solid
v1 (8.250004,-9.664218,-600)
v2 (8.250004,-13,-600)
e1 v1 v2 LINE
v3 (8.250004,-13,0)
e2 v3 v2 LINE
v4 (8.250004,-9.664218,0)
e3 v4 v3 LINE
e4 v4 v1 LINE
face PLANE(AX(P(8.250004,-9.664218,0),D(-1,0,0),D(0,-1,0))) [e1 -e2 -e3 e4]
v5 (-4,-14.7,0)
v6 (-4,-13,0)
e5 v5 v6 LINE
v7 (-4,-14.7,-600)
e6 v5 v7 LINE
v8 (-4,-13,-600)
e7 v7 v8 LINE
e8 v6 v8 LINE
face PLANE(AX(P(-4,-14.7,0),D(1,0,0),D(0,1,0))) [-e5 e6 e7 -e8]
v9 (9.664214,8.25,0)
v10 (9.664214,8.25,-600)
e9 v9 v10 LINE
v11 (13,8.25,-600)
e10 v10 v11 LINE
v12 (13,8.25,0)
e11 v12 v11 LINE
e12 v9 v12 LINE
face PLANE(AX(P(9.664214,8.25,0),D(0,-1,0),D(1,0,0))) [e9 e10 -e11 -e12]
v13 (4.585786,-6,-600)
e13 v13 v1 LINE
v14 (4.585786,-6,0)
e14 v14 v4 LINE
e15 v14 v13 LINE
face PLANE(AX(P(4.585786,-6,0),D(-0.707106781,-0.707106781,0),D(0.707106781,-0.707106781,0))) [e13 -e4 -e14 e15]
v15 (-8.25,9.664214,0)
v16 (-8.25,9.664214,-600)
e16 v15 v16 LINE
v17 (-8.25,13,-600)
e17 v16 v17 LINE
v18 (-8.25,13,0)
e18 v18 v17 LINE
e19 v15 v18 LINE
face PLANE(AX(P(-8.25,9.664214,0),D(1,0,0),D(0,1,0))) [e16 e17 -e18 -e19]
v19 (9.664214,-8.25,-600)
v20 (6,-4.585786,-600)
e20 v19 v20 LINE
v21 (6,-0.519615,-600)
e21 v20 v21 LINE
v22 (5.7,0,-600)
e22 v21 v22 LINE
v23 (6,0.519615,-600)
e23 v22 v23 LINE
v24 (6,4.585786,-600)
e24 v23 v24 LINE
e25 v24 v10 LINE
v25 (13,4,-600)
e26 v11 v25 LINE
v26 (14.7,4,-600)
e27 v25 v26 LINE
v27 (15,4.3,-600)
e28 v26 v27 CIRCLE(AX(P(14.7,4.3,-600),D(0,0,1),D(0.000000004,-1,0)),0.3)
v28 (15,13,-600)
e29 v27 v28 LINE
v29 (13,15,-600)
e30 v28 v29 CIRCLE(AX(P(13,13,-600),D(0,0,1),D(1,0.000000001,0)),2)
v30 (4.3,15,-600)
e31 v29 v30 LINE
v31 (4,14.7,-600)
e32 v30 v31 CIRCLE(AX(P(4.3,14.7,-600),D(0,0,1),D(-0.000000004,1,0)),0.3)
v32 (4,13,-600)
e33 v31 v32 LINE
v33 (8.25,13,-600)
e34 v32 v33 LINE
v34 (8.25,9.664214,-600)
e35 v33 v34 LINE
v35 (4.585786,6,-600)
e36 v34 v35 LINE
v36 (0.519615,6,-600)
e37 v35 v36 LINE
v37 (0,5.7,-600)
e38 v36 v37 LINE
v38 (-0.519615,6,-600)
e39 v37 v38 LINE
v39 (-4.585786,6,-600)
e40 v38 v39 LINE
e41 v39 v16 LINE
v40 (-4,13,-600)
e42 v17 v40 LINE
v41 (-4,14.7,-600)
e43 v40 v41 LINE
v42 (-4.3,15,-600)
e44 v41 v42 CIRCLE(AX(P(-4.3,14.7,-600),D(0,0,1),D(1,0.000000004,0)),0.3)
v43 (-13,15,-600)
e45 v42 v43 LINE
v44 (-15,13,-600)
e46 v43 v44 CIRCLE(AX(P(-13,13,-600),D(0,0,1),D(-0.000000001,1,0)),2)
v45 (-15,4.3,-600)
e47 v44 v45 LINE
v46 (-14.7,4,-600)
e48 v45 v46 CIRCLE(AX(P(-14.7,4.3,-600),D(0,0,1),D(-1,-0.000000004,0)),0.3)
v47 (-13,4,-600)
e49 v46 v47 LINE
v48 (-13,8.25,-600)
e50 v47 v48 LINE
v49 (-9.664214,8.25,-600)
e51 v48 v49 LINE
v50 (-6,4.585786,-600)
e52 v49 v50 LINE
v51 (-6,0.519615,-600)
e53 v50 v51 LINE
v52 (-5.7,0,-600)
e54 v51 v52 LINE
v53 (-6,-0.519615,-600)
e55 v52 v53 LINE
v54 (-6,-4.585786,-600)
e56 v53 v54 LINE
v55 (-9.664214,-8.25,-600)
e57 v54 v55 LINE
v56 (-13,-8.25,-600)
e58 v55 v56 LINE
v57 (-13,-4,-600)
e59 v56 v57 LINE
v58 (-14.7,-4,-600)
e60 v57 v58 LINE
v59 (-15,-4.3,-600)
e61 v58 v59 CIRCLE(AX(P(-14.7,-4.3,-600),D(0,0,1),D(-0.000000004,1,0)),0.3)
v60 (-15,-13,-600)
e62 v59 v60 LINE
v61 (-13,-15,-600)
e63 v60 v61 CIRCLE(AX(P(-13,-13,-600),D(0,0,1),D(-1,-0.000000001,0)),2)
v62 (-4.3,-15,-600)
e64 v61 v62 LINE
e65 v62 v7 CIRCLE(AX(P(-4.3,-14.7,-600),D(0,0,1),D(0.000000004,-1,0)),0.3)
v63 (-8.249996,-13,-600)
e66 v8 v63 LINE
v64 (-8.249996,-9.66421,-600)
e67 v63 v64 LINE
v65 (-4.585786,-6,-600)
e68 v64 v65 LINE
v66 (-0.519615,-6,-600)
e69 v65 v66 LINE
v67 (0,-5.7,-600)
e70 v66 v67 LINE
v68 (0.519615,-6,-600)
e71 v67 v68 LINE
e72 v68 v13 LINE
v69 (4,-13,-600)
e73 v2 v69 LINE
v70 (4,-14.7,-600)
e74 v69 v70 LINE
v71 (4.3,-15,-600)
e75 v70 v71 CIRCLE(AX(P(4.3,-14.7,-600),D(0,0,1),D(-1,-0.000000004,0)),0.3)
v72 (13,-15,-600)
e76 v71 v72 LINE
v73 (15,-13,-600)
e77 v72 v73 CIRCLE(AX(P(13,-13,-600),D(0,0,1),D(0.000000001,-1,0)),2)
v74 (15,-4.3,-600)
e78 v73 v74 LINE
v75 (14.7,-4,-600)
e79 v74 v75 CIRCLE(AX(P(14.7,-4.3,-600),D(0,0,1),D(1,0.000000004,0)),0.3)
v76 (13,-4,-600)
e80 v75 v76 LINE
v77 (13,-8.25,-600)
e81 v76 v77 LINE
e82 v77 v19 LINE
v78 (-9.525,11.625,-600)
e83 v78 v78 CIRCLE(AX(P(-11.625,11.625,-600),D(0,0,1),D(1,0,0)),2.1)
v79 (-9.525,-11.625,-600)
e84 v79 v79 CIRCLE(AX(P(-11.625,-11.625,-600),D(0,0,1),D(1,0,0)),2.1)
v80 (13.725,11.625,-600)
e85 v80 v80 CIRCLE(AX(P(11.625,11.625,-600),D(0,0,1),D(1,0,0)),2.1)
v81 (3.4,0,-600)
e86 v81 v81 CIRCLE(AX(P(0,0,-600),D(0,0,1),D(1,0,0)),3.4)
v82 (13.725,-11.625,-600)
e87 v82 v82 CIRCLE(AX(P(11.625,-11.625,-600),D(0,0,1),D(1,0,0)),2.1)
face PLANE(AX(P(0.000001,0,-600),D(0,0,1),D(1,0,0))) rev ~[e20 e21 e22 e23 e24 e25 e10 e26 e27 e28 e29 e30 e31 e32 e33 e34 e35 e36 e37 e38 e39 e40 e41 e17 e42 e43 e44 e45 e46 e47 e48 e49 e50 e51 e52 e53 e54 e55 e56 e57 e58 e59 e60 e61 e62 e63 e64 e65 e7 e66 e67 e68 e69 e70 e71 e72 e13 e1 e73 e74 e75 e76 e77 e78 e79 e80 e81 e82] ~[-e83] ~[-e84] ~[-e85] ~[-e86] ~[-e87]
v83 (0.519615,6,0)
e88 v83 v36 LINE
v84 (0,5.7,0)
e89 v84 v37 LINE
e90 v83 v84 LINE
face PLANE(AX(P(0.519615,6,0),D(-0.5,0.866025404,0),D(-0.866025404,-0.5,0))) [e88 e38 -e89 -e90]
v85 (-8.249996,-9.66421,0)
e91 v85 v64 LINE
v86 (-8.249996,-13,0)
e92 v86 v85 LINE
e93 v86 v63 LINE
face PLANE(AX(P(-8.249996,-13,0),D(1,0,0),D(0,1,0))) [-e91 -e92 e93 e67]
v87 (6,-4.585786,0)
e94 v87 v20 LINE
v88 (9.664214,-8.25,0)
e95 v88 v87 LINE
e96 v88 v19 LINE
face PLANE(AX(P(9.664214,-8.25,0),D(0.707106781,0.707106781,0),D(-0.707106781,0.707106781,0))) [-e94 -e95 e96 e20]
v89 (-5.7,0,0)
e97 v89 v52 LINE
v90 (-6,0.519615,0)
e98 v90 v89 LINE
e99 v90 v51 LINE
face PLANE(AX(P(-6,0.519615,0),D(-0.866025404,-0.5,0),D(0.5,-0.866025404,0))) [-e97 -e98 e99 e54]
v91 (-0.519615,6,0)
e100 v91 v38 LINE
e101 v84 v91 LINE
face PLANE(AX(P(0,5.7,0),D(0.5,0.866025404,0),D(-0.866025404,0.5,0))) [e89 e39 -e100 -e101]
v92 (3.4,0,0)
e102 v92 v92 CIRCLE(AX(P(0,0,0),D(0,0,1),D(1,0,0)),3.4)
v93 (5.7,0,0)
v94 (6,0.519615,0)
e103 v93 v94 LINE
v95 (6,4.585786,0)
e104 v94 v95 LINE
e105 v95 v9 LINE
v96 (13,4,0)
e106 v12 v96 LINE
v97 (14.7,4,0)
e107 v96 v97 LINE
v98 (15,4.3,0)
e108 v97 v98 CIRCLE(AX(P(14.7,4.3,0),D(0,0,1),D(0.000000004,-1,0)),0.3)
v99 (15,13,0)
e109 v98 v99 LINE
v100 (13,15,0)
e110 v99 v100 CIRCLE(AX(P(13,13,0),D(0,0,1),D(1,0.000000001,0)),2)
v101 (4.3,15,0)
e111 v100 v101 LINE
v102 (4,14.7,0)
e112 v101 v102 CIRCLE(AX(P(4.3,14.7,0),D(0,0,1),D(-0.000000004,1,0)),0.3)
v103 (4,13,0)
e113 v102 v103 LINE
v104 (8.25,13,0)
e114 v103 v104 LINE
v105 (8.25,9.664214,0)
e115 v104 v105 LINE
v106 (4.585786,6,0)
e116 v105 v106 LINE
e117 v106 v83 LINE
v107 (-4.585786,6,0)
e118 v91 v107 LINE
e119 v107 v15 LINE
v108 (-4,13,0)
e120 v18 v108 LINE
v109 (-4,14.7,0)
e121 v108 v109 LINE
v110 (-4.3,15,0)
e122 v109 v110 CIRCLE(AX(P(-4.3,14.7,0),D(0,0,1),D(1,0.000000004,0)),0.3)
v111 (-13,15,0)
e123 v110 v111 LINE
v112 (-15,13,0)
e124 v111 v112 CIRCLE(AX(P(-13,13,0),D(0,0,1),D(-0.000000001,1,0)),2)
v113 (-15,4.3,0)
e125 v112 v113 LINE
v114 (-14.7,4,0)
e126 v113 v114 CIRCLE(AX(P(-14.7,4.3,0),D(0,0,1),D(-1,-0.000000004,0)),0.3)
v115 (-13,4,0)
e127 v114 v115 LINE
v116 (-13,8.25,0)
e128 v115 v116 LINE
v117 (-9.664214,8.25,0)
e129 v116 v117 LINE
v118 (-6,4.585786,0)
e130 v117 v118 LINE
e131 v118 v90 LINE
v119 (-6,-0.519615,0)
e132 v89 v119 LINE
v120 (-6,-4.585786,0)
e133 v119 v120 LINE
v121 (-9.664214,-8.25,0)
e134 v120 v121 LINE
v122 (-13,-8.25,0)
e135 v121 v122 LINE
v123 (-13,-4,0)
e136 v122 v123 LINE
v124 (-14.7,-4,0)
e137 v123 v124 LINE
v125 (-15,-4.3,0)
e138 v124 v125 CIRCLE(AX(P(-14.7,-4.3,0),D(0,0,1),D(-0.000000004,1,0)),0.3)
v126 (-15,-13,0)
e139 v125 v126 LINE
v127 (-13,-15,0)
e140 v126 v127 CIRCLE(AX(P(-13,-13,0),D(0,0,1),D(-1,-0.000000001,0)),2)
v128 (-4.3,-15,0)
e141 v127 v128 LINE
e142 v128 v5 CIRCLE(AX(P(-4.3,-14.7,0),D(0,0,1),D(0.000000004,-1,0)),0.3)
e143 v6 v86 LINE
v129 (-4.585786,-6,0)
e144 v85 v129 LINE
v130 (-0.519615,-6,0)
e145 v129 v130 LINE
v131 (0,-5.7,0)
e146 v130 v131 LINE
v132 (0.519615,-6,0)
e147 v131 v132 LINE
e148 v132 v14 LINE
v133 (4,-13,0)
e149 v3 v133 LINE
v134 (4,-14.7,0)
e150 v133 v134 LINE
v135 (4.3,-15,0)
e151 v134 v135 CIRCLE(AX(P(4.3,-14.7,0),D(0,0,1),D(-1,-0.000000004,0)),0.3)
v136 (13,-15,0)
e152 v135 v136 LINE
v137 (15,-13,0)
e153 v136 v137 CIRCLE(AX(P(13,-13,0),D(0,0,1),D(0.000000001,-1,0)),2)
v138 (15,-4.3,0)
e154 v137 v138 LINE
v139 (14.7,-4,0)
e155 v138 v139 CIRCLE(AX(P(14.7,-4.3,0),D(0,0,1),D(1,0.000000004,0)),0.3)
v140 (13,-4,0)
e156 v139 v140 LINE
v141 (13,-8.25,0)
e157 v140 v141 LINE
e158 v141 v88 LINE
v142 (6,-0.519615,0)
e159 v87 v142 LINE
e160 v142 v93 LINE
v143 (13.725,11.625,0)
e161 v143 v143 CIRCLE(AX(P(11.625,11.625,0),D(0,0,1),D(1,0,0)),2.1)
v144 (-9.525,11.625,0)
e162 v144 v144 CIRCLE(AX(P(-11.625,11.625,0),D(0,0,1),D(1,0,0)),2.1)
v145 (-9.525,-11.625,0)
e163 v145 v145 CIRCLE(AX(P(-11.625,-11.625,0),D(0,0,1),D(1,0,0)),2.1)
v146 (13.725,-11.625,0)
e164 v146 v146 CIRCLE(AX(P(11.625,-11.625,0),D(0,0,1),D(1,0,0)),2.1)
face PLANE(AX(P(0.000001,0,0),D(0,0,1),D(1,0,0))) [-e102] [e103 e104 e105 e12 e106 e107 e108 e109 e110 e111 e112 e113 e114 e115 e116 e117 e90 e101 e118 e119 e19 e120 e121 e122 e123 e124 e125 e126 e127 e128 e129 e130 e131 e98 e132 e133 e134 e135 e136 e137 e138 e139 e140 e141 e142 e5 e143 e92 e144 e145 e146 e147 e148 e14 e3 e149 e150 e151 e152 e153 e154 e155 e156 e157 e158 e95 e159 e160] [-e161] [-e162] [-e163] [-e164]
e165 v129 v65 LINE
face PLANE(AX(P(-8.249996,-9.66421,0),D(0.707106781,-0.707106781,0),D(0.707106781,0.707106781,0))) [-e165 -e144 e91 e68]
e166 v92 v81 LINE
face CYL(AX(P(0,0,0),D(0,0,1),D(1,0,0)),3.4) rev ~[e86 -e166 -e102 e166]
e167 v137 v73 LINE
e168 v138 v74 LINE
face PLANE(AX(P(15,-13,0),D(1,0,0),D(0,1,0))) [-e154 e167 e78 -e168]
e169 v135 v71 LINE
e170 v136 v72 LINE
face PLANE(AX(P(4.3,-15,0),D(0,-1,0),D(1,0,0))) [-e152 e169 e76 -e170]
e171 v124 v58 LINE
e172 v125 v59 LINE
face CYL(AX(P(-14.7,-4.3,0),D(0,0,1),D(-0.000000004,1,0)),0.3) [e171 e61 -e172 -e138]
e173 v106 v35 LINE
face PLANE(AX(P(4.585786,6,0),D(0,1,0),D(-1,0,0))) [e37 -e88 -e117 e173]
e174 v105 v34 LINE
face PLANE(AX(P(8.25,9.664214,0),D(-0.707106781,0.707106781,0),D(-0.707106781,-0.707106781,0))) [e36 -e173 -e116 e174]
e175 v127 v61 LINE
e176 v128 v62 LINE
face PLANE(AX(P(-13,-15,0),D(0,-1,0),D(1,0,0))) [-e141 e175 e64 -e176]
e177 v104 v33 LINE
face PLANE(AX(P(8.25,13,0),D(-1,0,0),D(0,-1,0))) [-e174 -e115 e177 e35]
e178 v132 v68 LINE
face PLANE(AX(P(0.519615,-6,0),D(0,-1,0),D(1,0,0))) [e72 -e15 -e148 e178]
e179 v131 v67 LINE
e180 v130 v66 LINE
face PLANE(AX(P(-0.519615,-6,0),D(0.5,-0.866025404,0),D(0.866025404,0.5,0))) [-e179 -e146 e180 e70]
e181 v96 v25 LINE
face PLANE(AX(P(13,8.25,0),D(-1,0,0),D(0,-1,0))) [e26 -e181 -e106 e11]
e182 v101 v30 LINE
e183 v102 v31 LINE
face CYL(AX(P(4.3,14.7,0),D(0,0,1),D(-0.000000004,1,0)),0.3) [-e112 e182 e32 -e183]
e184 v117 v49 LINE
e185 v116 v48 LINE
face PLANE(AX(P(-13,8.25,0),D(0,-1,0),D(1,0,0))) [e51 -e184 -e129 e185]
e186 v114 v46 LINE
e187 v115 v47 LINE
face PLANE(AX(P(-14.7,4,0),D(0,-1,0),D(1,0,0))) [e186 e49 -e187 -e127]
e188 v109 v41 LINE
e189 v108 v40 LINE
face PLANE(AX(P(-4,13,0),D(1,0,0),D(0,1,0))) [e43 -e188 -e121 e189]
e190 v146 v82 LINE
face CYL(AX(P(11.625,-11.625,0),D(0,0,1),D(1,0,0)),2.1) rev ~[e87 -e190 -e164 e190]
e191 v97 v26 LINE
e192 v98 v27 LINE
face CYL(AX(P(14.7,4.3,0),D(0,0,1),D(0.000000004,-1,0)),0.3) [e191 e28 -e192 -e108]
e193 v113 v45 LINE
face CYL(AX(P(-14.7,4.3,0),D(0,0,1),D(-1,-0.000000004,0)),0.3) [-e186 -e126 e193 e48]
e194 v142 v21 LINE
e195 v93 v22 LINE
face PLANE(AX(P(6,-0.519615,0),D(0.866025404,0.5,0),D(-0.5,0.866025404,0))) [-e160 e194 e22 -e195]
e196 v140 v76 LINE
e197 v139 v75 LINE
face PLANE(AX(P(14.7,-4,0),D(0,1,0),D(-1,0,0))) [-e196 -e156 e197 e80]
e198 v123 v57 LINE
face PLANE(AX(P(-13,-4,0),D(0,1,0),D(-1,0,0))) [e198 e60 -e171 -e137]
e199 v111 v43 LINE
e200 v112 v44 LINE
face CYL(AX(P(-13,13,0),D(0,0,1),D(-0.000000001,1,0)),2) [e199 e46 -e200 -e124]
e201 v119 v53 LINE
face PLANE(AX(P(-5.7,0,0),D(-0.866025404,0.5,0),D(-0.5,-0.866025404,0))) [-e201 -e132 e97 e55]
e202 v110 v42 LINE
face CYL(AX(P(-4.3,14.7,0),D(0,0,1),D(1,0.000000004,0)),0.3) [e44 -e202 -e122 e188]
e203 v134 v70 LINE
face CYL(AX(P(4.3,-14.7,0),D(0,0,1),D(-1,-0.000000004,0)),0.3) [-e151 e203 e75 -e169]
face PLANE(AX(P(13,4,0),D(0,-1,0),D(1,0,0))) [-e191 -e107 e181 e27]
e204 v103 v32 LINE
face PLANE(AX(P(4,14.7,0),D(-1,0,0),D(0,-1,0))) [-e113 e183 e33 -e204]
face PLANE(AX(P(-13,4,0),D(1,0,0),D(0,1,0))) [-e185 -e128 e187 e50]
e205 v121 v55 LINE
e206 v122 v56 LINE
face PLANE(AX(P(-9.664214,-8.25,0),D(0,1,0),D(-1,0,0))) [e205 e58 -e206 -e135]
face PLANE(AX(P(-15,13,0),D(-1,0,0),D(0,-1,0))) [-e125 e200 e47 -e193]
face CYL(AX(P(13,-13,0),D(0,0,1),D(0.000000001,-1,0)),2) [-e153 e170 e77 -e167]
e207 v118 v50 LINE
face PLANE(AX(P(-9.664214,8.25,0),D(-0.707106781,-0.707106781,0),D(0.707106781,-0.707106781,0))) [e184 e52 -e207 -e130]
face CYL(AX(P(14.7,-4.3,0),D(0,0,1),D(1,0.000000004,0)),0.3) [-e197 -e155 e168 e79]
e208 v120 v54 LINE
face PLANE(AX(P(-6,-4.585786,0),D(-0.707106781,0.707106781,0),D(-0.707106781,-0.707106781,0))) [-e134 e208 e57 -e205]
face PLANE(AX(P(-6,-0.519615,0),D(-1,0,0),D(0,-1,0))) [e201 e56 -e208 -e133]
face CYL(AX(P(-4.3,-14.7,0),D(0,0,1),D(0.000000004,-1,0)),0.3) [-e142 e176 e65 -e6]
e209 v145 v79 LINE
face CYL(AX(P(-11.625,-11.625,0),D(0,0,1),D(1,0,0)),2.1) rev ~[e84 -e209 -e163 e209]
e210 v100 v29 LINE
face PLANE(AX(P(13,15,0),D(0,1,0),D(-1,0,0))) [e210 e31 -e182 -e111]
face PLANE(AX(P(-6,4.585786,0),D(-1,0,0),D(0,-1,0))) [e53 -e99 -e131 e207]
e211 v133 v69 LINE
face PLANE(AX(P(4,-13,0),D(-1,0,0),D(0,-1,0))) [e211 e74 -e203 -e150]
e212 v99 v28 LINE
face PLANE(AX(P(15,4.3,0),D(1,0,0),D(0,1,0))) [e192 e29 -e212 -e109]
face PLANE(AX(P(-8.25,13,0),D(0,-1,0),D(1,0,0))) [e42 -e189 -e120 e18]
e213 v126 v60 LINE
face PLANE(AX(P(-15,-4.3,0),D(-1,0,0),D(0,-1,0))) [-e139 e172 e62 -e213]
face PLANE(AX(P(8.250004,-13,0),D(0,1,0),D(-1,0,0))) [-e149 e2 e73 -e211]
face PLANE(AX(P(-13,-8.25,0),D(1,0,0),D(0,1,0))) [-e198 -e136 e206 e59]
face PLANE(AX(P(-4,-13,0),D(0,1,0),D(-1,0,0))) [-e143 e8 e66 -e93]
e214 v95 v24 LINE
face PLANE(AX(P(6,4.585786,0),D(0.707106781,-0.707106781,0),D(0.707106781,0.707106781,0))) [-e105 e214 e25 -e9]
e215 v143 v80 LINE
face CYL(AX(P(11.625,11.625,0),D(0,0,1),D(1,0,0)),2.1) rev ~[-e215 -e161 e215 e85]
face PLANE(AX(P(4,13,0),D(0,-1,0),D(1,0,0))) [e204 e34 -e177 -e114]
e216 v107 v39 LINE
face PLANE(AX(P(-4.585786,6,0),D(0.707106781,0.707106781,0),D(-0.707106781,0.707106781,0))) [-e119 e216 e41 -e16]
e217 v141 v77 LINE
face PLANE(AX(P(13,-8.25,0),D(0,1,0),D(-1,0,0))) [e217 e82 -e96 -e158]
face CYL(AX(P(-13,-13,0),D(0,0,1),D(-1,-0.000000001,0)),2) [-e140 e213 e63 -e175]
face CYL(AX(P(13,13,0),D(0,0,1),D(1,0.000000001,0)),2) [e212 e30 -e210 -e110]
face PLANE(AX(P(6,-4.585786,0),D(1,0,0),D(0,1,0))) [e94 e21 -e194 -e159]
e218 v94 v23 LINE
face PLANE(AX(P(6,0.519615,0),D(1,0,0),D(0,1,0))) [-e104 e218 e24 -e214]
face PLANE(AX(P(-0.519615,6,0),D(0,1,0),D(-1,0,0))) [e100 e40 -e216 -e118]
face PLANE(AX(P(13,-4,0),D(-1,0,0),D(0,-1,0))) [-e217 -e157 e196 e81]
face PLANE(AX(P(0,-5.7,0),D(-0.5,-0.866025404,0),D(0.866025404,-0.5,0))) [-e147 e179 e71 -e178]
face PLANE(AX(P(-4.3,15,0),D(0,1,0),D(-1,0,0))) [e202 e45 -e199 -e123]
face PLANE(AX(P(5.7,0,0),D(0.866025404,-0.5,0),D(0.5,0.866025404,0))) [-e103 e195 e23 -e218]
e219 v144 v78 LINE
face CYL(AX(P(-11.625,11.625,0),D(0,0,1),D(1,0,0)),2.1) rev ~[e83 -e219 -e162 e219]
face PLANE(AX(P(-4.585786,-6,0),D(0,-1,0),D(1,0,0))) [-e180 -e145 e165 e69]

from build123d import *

# Parameters (mm, degrees)
SKETCH1_R           = 2.1
SKETCH1_R_2         = 3.4
BOSS_EXTRUDE1_DEPTH = 600


with BuildPart() as part:
    # Sketch1 → Boss-Extrude1 (new body)
    with BuildSketch(Plane.XY):
        with BuildLine():
            Line((-15, -4.3), (-15, -13))
            ThreePointArc((-15, -13), (-14.414213562, -14.414213562), (-13, -15))
            Line((-13, -15), (-4.3, -15))
            ThreePointArc((-4.3, -15), (-4.087867966, -14.912132034), (-4, -14.7))
            Line((-4, -14.7), (-4, -13))
            Line((-4, -13), (-8.249996, -13))
            Line((-8.249996, -13), (-8.249996, -9.664209562))
            Line((-8.249996, -9.664209562), (-4.585786438, -6))
            Line((-4.585786438, -6), (-0.519615242, -6))
            Line((-0.519615242, -6), (0, -5.7))
            Line((0, -5.7), (0.519615242, -6))
            Line((0.519615242, -6), (4.585786438, -6))
            Line((4.585786438, -6), (8.250004, -9.664217562))
            Line((8.250004, -9.664217562), (8.250004, -13))
            Line((8.250004, -13), (4, -13))
            Line((4, -13), (4, -14.7))
            ThreePointArc((4, -14.7), (4.087867966, -14.912132034), (4.3, -15))
            Line((4.3, -15), (13, -15))
            ThreePointArc((13, -15), (14.414213562, -14.414213562), (15, -13))
            Line((15, -13), (15, -4.3))
            ThreePointArc((15, -4.3), (14.912132034, -4.087867966), (14.7, -4))
            Line((14.7, -4), (13, -4))
            Line((13, -4), (13, -8.25))
            Line((13, -8.25), (9.664213562, -8.25))
            Line((9.664213562, -8.25), (6, -4.585786438))
            Line((6, -4.585786438), (6, -0.519615242))
            Line((6, -0.519615242), (5.7, 0))
            Line((5.7, 0), (6, 0.519615242))
            Line((6, 0.519615242), (6, 4.585786438))
            Line((6, 4.585786438), (9.664213562, 8.25))
            Line((9.664213562, 8.25), (13, 8.25))
            Line((13, 8.25), (13, 4))
            Line((13, 4), (14.7, 4))
            ThreePointArc((14.7, 4), (14.912132034, 4.087867966), (15, 4.3))
            Line((15, 4.3), (15, 13))
            ThreePointArc((15, 13), (14.414213562, 14.414213562), (13, 15))
            Line((13, 15), (4.3, 15))
            ThreePointArc((4.3, 15), (4.087867966, 14.912132034), (4, 14.7))
            Line((4, 14.7), (4, 13))
            Line((4, 13), (8.25, 13))
            Line((8.25, 13), (8.25, 9.664213562))
            Line((8.25, 9.664213562), (4.585786438, 6))
            Line((4.585786438, 6), (0.519615242, 6))
            Line((0.519615242, 6), (0, 5.7))
            Line((0, 5.7), (-0.519615242, 6))
            Line((-0.519615242, 6), (-4.585786438, 6))
            Line((-4.585786438, 6), (-8.25, 9.664213562))
            Line((-8.25, 9.664213562), (-8.25, 13))
            Line((-8.25, 13), (-4, 13))
            Line((-4, 13), (-4, 14.7))
            ThreePointArc((-4, 14.7), (-4.087867966, 14.912132034), (-4.3, 15))
            Line((-4.3, 15), (-13, 15))
            ThreePointArc((-13, 15), (-14.414213562, 14.414213562), (-15, 13))
            Line((-15, 13), (-15, 4.3))
            ThreePointArc((-15, 4.3), (-14.912132034, 4.087867966), (-14.7, 4))
            Line((-14.7, 4), (-13, 4))
            Line((-13, 4), (-13, 8.25))
            Line((-13, 8.25), (-9.664213562, 8.25))
            Line((-9.664213562, 8.25), (-6, 4.585786438))
            Line((-6, 4.585786438), (-6, 0.519615242))
            Line((-6, 0.519615242), (-5.7, 0))
            Line((-5.7, 0), (-6, -0.519615242))
            Line((-6, -0.519615242), (-6, -4.585786438))
            Line((-6, -4.585786438), (-9.664213562, -8.25))
            Line((-9.664213562, -8.25), (-13, -8.25))
            Line((-13, -8.25), (-13, -4))
            Line((-13, -4), (-14.7, -4))
            ThreePointArc((-14.7, -4), (-14.912132034, -4.087867966), (-15, -4.3))
        make_face()
        with Locations((11.625, -11.625)):
            Circle(SKETCH1_R, mode=Mode.SUBTRACT)
        with Locations((11.625, 11.625)):
            Circle(SKETCH1_R, mode=Mode.SUBTRACT)
        Circle(SKETCH1_R_2, mode=Mode.SUBTRACT)
        with Locations((-11.625, -11.625)):
            Circle(SKETCH1_R, mode=Mode.SUBTRACT)
        with Locations((-11.625, 11.625)):
            Circle(SKETCH1_R, mode=Mode.SUBTRACT)
    extrude(amount=-BOSS_EXTRUDE1_DEPTH)


solid = part.part
